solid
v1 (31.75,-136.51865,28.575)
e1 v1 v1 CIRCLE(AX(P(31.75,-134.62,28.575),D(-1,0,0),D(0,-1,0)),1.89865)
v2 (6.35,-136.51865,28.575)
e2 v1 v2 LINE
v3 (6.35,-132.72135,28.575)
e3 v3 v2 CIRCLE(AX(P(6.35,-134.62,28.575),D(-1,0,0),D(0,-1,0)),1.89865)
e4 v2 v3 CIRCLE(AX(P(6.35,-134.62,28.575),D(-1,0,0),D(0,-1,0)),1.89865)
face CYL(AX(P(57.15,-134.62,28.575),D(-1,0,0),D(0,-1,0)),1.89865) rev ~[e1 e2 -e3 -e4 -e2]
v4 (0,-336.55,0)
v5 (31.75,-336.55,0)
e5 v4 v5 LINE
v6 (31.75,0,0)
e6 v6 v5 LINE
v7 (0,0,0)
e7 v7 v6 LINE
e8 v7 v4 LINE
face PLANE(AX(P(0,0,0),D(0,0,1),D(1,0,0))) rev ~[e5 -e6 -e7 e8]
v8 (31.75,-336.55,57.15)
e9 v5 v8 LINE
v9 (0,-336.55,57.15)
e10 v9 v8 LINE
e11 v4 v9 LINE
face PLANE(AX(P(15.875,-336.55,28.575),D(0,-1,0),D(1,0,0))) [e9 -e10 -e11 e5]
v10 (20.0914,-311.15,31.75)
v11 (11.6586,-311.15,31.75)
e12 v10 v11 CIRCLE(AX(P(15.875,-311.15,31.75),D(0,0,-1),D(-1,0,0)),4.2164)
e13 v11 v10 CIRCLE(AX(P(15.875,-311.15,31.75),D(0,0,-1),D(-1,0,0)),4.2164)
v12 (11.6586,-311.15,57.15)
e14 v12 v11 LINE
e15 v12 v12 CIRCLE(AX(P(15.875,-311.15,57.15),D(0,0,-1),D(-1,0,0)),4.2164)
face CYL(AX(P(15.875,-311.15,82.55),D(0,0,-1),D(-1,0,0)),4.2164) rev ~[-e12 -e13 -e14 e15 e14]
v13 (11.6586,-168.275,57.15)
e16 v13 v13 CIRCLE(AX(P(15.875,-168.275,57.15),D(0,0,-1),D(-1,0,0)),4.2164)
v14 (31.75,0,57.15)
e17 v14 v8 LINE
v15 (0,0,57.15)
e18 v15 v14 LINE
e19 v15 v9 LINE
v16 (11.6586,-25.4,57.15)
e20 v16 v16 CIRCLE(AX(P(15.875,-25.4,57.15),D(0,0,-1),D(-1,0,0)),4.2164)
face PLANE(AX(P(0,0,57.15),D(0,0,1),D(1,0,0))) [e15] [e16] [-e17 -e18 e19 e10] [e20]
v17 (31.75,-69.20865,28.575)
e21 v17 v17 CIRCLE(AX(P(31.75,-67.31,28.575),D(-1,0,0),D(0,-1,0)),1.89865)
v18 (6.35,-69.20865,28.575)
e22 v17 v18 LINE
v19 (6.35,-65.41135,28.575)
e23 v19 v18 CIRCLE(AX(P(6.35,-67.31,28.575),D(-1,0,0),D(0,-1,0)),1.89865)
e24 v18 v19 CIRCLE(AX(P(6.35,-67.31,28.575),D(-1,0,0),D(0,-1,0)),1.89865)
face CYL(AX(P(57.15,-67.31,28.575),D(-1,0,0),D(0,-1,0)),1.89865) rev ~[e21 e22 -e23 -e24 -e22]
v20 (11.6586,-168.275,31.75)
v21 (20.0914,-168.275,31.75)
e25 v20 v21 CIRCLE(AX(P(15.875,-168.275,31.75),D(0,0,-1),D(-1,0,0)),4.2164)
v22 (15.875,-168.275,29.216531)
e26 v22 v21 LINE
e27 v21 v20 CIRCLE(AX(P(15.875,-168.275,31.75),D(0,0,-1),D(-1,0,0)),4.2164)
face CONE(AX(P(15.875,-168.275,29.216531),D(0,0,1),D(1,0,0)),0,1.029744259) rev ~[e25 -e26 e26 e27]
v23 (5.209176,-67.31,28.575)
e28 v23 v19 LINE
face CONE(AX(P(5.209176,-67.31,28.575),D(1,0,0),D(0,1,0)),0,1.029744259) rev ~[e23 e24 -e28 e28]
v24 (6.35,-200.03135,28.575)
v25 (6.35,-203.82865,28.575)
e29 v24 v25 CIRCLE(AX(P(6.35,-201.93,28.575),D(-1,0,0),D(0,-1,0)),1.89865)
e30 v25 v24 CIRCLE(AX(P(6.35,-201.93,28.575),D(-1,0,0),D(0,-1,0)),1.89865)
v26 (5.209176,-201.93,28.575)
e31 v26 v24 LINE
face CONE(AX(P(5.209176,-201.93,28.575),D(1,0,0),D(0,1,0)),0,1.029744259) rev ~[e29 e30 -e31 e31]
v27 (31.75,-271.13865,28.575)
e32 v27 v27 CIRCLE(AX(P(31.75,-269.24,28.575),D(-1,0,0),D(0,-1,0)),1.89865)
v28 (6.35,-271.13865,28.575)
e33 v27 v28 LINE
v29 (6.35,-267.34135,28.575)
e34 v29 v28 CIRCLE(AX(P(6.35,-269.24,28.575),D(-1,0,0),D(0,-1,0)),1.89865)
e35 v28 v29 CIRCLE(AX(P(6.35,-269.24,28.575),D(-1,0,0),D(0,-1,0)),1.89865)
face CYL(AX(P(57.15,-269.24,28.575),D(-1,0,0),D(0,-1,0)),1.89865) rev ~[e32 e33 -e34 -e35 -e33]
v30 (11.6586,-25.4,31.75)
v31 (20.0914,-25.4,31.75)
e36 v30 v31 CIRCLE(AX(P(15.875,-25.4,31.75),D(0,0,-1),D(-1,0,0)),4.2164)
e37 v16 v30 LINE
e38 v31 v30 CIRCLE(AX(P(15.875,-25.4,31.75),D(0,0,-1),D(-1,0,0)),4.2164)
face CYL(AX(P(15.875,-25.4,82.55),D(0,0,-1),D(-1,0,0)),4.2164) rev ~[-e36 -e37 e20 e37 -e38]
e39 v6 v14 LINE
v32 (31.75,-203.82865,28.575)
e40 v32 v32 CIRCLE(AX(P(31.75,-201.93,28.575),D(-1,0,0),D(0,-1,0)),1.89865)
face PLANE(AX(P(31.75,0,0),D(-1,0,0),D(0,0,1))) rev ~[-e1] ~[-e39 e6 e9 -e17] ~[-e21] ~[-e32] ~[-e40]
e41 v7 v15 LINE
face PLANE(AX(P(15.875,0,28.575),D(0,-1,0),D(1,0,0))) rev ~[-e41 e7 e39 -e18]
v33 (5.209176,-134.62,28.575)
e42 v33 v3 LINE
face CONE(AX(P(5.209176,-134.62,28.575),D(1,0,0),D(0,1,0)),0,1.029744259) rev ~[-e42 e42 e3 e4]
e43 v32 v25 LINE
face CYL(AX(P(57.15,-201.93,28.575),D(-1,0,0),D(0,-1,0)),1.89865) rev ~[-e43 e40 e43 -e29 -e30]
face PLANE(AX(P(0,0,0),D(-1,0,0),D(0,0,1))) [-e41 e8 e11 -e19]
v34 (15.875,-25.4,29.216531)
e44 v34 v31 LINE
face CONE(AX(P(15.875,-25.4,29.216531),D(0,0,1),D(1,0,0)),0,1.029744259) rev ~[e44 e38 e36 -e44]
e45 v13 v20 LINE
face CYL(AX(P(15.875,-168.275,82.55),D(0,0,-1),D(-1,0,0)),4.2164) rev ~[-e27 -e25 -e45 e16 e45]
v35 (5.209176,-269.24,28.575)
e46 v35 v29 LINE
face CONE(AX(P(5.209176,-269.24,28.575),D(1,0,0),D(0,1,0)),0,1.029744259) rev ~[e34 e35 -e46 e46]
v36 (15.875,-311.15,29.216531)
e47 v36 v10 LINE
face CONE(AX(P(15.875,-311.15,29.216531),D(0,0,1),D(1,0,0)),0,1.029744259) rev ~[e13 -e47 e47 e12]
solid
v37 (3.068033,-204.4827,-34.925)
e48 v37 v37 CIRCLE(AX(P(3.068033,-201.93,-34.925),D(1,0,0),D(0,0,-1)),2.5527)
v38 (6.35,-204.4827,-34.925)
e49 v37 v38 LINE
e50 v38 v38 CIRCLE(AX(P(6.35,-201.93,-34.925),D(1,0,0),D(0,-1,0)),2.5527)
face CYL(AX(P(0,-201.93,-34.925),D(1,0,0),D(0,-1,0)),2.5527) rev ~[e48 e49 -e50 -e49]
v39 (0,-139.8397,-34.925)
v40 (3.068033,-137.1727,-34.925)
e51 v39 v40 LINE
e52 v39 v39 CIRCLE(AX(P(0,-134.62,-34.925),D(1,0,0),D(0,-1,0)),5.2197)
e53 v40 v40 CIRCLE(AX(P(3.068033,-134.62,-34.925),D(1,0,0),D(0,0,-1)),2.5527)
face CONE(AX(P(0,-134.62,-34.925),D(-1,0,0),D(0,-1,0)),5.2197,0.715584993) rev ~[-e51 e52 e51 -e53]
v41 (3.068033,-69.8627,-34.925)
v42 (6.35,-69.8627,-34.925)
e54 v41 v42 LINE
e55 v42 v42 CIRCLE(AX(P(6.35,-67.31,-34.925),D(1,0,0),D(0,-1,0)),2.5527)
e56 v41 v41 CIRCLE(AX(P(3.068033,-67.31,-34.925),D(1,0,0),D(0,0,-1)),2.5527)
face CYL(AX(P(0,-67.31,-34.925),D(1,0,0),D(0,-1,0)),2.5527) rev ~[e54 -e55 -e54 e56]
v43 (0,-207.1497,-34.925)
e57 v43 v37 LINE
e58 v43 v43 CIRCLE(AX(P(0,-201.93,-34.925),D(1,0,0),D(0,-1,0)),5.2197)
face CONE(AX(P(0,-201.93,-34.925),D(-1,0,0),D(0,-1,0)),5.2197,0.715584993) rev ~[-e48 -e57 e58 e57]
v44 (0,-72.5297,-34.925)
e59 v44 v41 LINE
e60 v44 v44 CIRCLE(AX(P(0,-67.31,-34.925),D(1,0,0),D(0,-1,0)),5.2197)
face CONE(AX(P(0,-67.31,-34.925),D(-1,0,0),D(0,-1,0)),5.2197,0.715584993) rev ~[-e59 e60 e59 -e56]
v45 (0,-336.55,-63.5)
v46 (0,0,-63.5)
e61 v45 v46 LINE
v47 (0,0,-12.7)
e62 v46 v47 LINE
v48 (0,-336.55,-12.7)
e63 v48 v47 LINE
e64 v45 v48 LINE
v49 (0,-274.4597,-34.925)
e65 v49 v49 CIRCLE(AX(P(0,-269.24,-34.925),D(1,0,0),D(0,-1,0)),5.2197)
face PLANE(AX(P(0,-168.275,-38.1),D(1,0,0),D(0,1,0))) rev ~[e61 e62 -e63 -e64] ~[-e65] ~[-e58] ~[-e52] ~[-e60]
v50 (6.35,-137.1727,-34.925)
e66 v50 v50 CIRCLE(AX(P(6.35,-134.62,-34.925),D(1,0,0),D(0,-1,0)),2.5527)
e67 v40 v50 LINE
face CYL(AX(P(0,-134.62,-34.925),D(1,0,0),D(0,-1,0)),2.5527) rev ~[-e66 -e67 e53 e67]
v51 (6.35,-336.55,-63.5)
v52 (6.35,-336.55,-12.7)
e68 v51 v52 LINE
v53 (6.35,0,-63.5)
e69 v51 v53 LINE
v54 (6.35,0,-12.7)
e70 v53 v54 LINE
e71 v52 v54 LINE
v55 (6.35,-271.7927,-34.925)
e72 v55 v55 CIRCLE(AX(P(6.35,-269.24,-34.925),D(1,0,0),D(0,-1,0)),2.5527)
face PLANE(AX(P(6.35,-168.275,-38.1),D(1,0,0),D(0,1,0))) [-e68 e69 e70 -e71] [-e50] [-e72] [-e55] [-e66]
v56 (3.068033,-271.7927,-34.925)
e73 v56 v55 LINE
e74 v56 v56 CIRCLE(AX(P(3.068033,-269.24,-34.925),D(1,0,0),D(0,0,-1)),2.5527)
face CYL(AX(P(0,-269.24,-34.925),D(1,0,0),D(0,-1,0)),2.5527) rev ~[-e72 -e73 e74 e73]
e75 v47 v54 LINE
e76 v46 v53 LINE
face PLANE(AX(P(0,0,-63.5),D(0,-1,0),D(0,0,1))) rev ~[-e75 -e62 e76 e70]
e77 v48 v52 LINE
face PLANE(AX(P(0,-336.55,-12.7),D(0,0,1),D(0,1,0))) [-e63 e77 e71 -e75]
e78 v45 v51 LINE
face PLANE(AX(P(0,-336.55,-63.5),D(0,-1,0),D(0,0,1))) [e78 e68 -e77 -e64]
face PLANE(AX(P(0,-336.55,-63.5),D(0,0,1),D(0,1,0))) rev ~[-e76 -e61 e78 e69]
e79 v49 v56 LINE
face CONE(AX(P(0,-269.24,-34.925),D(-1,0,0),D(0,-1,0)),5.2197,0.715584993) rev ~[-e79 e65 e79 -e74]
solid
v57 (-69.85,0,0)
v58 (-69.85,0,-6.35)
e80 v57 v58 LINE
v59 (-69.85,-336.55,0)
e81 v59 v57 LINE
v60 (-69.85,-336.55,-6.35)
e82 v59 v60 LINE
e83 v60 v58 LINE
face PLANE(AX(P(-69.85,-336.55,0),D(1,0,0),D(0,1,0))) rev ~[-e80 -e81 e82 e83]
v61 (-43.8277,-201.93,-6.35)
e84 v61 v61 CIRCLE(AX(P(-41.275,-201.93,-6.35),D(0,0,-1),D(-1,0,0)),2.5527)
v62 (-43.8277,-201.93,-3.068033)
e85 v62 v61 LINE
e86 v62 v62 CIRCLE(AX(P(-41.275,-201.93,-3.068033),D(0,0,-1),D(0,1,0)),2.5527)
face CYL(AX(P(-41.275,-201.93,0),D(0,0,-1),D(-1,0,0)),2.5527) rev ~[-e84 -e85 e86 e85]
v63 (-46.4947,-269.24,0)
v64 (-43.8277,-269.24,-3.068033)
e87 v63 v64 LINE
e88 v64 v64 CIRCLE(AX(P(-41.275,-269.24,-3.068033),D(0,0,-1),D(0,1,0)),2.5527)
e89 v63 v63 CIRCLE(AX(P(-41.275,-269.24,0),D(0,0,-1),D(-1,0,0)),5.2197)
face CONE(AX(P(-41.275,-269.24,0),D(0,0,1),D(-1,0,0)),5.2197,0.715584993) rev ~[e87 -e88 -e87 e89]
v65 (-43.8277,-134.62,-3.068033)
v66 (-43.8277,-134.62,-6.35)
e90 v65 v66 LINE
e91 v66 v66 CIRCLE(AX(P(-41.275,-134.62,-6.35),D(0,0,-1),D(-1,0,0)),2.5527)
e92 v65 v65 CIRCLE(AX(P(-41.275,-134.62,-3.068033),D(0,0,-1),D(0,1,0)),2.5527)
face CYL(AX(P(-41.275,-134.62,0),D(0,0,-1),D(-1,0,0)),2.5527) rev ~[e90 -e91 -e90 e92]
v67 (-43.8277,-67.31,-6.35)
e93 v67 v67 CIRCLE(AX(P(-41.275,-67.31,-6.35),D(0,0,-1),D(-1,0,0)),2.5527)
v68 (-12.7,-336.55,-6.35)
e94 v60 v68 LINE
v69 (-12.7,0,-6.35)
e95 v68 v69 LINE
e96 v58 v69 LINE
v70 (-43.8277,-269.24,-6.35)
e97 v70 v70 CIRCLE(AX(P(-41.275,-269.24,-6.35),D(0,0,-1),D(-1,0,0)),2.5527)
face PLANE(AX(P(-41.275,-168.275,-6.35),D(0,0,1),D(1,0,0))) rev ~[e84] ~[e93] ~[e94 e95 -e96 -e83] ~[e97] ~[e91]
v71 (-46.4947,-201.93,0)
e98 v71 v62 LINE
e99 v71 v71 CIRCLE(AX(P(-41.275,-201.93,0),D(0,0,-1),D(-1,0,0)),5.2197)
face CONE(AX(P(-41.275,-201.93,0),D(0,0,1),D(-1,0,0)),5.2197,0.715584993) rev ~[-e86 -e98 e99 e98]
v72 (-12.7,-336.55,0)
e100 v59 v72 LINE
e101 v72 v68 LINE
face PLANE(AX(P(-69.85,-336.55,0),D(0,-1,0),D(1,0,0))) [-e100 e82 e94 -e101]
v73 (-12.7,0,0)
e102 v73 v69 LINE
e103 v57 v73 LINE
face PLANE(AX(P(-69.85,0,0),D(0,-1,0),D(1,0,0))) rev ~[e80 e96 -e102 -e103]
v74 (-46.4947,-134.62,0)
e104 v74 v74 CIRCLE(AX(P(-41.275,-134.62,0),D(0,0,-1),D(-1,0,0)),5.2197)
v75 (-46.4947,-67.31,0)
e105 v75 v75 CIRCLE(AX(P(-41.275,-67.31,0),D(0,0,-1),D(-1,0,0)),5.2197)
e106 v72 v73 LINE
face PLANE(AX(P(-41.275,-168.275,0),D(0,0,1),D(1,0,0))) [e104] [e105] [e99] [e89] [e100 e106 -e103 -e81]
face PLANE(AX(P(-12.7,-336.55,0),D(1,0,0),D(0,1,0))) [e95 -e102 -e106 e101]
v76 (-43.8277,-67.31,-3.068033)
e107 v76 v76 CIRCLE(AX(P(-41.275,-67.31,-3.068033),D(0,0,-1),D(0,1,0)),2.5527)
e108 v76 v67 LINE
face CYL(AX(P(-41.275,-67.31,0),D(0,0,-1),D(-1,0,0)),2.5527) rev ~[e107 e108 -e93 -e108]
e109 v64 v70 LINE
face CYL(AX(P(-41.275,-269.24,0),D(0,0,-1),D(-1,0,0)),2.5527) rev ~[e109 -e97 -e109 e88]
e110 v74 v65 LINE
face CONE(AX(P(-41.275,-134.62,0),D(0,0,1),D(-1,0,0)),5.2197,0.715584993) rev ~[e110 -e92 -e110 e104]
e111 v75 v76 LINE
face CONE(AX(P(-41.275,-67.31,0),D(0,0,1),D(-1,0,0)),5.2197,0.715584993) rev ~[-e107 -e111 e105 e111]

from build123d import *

# Parameters (mm, degrees)
F0_W            = 31.75
F0_H            = 57.15
F1_DEPTH        = 336.55
F3_D            = 8.4328
F3_DEPTH        = 25.4
F3_TIP          = 2.5334687141
F5_D            = 3.7973
F5_DEPTH        = 25.4
F5_TIP          = 1.1408240143
F6_W            = 336.55
F6_H            = 50.8
F7_DEPTH        = 6.35
F8_D            = 5.1054
F8_DEPTH        = 25.4
F8_CSINK_D      = 10.4394
F8_CSINK_ANGLE  = 82
F8_TIP          = 1.5338169022
F9_W            = 57.15
F9_H            = 336.55
F10_DEPTH       = 6.35
F11_D           = 5.1054
F11_DEPTH       = 25.4
F11_CSINK_D     = 10.4394
F11_CSINK_ANGLE = 82
F11_TIP         = 1.5338169022


with BuildPart() as f1:
    # F0 (on Front) → F1 (new body)
    with BuildSketch(Plane.XZ):
        with Locations((15.875, 28.575)):
            Rectangle(F0_W, F0_H)
    extrude(amount=F1_DEPTH)

    # F3
    with Locations(Plane.XY.offset(57.15)):
        with Locations((15.875, -25.4), (15.875, -168.275), (15.875, -311.15)):
            Hole(F3_D / 2, depth=F3_DEPTH)
            with Locations((0, 0, -(F3_DEPTH + F3_TIP / 2))):  # 118° drill point
                Cone(0, F3_D / 2, F3_TIP, mode=Mode.SUBTRACT)

    # F5
    with Locations(Plane.YZ.offset(31.75)):
        with Locations((-67.31, 28.575), (-134.62, 28.575), (-201.93, 28.575), (-269.24, 28.575)):
            Hole(F5_D / 2, depth=F5_DEPTH)
            with Locations((0, 0, -(F5_DEPTH + F5_TIP / 2))):  # 118° drill point
                Cone(0, F5_D / 2, F5_TIP, mode=Mode.SUBTRACT)


with BuildPart() as f7:
    # F6 (on Right) → F7 (new body)
    with BuildSketch(Plane.YZ):
        with Locations((-168.275, -38.1)):
            Rectangle(F6_W, F6_H)
    extrude(amount=F7_DEPTH)

    # F8
    with Locations(Plane(origin=(0, 0, 0), x_dir=(0, 1, 0), z_dir=(-1, 0, 0))):
        with Locations((-269.24, 34.925), (-201.93, 34.925), (-134.62, 34.925), (-67.31, 34.925)):
            CounterSinkHole(F8_D / 2, F8_CSINK_D / 2, depth=F8_DEPTH, counter_sink_angle=F8_CSINK_ANGLE)
            with Locations((0, 0, -(F8_DEPTH + F8_TIP / 2))):  # 118° drill point
                Cone(0, F8_D / 2, F8_TIP, mode=Mode.SUBTRACT)


with BuildPart() as f10:
    # F9 (on Top) → F10 (new body)
    with BuildSketch(Plane.XY):
        with Locations((-41.275, -168.275)):
            Rectangle(F9_W, F9_H)
    extrude(amount=-F10_DEPTH)

    # F11
    with Locations(Plane.XY):
        with Locations((-41.275, -67.31), (-41.275, -134.62), (-41.275, -201.93), (-41.275, -269.24)):
            CounterSinkHole(F11_D / 2, F11_CSINK_D / 2, depth=F11_DEPTH, counter_sink_angle=F11_CSINK_ANGLE)
            with Locations((0, 0, -(F11_DEPTH + F11_TIP / 2))):  # 118° drill point
                Cone(0, F11_D / 2, F11_TIP, mode=Mode.SUBTRACT)


solid = Compound([f1.part, f7.part, f10.part])
